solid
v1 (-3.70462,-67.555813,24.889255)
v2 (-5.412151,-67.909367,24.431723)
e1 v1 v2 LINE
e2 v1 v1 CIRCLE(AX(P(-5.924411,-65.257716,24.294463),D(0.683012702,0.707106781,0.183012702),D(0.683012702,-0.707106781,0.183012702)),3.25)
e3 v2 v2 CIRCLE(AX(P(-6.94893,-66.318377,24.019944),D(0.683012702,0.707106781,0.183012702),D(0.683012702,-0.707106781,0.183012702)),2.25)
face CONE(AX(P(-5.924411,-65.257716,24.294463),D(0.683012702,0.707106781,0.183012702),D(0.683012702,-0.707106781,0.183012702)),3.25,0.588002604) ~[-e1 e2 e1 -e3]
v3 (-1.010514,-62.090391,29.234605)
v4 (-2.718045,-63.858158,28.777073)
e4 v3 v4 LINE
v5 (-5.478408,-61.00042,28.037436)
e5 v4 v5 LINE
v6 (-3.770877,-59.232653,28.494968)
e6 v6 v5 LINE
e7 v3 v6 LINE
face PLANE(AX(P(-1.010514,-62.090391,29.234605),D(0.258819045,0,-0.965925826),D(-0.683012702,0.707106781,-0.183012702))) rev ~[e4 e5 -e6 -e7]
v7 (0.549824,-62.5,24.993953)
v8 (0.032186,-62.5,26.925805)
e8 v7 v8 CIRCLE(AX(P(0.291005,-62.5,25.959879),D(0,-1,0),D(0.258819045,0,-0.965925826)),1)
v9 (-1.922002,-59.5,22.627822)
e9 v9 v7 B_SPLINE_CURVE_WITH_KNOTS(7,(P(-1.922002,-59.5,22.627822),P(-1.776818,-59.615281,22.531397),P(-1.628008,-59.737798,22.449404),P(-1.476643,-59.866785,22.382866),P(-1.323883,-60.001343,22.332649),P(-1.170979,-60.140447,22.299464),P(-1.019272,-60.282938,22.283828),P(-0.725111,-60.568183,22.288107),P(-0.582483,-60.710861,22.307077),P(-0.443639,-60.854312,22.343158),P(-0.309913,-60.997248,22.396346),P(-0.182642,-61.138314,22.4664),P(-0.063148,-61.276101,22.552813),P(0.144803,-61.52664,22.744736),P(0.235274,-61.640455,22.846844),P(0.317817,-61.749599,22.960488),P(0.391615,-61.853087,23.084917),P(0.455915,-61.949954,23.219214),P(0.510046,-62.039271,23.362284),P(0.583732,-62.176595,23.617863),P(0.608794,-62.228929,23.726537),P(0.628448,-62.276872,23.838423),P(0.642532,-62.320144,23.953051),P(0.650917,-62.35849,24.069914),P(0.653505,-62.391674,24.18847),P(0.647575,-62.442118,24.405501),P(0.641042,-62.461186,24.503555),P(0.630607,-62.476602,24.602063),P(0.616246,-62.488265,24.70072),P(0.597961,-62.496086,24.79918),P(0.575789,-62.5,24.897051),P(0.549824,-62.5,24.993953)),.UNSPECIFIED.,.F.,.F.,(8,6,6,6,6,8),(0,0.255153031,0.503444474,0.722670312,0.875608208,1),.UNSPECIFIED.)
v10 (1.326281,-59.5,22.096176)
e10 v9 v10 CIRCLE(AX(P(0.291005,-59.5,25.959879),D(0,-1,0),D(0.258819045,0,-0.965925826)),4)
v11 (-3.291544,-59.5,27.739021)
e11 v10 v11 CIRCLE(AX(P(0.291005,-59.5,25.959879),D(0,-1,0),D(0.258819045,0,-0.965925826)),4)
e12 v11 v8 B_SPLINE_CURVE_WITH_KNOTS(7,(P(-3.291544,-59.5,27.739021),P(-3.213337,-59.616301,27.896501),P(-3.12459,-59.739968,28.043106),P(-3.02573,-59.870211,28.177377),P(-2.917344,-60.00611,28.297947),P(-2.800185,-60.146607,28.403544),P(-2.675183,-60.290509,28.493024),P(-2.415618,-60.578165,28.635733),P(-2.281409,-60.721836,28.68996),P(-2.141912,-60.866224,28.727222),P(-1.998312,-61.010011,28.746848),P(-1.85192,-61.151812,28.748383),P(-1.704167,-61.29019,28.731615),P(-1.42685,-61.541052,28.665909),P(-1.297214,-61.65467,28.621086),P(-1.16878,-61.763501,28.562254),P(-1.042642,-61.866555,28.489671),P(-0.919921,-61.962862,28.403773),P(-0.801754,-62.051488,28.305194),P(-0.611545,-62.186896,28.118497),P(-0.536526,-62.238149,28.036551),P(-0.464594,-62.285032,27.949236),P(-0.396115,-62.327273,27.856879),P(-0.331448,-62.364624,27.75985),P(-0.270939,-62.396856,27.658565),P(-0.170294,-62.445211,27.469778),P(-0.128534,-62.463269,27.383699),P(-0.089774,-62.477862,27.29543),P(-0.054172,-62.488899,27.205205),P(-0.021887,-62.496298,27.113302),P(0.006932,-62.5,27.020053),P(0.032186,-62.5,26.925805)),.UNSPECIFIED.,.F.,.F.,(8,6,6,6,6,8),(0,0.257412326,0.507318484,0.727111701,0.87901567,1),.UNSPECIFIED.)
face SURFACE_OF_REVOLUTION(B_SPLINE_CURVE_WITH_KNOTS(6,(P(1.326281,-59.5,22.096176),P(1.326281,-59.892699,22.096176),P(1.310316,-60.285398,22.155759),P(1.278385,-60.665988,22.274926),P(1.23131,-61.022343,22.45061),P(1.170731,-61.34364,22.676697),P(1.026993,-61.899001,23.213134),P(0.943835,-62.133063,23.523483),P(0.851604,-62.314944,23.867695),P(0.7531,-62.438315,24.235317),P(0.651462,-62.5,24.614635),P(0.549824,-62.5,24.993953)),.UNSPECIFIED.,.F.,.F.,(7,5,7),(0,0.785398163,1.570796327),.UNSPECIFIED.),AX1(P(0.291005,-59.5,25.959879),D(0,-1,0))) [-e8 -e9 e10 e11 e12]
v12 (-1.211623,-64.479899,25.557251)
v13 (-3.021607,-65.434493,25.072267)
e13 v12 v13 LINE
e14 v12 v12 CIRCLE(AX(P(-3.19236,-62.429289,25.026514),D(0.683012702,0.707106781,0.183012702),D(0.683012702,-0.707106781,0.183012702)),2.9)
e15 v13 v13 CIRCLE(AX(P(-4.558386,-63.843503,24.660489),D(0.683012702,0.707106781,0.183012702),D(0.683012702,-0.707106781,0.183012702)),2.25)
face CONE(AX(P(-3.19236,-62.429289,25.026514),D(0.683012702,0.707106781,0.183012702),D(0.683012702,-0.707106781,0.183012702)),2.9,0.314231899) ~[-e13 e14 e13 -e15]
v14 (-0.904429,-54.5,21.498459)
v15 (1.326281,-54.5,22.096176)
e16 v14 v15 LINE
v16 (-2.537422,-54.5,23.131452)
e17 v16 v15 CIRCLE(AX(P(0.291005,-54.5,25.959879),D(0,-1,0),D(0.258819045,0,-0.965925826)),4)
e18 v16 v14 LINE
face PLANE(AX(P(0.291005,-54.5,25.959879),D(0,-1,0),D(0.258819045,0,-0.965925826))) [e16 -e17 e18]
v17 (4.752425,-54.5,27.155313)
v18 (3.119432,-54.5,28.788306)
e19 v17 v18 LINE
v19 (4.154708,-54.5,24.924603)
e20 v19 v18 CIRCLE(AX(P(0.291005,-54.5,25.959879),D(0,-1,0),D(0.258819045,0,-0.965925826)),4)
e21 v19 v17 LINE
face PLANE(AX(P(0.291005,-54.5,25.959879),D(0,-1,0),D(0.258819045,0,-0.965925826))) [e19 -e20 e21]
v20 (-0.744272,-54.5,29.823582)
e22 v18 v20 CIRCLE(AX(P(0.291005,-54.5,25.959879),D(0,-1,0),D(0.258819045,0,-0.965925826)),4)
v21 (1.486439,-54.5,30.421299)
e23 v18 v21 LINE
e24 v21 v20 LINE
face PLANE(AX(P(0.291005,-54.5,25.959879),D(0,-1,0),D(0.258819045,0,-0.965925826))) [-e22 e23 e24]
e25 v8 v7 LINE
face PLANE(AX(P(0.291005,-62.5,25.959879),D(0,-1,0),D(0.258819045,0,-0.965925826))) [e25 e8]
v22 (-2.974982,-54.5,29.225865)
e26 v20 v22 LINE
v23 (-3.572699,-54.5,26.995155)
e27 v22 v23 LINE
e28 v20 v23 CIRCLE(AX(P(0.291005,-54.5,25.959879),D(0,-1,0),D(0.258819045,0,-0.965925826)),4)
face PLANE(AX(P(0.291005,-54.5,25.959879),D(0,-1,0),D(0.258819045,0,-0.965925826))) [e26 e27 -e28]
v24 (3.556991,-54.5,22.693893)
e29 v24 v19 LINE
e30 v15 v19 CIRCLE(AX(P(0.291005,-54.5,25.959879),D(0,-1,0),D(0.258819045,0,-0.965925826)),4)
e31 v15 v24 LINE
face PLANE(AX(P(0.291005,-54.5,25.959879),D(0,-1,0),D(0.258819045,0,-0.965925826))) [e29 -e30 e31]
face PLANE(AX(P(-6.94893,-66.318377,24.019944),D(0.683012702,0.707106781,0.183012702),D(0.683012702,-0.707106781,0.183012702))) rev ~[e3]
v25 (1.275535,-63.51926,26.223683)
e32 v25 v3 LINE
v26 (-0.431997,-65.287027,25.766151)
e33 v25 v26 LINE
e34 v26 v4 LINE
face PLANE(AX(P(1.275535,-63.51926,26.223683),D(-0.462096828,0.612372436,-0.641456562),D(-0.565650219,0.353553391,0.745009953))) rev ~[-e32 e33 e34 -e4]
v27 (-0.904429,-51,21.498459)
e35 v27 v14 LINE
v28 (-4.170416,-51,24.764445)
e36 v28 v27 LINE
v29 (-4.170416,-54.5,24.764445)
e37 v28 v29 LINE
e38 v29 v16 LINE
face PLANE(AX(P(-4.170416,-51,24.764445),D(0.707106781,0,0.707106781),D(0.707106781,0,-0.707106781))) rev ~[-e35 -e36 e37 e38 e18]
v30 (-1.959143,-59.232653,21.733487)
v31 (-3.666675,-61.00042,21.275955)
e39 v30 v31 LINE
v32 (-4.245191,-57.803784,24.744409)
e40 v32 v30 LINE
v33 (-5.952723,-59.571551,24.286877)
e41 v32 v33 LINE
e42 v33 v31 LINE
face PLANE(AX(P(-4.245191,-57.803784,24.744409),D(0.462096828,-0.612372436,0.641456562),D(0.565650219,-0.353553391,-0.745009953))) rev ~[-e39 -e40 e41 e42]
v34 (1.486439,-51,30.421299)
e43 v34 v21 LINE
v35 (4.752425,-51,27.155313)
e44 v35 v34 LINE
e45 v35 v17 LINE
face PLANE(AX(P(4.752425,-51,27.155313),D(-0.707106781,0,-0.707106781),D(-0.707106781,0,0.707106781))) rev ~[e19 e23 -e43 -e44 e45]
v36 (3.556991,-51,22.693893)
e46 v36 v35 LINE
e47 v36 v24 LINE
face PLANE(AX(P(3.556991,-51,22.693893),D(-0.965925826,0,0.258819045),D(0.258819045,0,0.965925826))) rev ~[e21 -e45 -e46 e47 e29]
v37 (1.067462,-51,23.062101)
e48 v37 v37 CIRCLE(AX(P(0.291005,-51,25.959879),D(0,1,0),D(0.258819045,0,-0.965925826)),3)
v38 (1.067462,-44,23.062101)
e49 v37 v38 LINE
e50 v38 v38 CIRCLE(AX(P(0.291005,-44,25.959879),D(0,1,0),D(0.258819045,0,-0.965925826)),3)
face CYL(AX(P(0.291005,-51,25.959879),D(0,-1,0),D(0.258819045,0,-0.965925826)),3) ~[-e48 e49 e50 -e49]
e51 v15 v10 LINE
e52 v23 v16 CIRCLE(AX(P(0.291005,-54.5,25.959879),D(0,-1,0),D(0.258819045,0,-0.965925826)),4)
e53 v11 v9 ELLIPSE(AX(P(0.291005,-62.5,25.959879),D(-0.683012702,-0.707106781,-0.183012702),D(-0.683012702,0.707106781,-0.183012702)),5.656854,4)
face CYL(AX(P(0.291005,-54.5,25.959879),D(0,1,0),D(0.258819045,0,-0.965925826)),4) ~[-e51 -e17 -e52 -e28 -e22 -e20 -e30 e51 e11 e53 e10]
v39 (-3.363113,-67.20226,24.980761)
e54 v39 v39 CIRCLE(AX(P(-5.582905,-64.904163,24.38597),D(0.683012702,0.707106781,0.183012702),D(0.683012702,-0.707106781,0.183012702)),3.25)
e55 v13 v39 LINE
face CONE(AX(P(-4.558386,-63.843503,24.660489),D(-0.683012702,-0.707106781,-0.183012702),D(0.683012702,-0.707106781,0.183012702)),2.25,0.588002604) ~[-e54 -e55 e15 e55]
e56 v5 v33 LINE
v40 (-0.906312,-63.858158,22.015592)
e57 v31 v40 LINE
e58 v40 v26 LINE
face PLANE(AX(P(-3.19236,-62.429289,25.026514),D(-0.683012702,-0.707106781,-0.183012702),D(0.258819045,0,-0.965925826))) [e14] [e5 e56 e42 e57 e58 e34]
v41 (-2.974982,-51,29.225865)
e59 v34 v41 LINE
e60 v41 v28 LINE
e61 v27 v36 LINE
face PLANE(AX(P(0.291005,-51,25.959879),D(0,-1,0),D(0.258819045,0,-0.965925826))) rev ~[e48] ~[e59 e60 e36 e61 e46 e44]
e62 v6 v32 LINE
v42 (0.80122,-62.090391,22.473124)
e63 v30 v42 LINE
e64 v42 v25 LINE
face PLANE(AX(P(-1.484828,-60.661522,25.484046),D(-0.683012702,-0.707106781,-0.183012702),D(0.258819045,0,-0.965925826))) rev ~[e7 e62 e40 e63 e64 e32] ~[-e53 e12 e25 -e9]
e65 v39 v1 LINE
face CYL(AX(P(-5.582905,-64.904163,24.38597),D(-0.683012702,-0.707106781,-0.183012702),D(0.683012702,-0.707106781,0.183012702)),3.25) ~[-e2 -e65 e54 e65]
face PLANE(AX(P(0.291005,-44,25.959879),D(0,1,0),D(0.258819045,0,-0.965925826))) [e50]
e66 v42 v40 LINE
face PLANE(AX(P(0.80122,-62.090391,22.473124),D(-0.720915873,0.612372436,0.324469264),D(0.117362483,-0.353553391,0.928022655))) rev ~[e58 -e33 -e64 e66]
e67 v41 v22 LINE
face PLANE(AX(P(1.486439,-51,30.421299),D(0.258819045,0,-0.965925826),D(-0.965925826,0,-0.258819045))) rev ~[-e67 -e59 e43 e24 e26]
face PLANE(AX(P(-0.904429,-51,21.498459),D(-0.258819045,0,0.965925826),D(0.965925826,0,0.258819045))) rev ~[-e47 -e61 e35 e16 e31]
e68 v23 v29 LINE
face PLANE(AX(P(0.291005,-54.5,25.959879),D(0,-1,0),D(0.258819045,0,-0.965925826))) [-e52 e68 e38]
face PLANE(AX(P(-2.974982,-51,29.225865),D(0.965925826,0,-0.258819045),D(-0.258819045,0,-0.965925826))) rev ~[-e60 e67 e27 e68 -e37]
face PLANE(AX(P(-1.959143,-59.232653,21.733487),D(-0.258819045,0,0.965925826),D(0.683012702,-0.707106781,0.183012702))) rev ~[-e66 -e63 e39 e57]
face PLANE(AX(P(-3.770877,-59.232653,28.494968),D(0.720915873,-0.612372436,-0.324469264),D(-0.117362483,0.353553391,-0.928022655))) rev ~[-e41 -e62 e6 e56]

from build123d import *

# Parameters (mm, degrees)
SKETCH005_R         = 3
PAD002_DEPTH        = 7
PAD003_DEPTH        = 3.5
SKETCH007_R         = 4
PAD004_DEPTH        = 8
FILLET_R            = 3
PAD005_DEPTH        = 2.5
BODY001_ROLL_ANGLE  = -180
BODY001_PITCH_ANGLE = 75


with BuildPart() as part:
    # Sketch005 → Pad002 (new body)
    with BuildSketch(Plane.XZ):
        Circle(SKETCH005_R)
    extrude(amount=PAD002_DEPTH)

    # Sketch006 (on Face2 of Pad002) → Pad003 (join)
    with BuildSketch(Plane(origin=(0, 0, 0), x_dir=(1, 0, 0), z_dir=(0, 1, 0))):
        Polygon((4, -2.3094010768), (4, 2.3094010768), (0, 4.6188021535), (-4, 2.3094010768), (-4, -2.3094010768), (0, -4.6188021535), align=None)
    extrude(amount=PAD003_DEPTH)

    # Sketch007 (on Face5 of Pad003) → Pad004 (join)
    with BuildSketch(Plane(origin=(0, 3.5, 0), x_dir=(1, 0, 0), z_dir=(0, 1, 0))):
        Circle(SKETCH007_R)
    extrude(amount=PAD004_DEPTH)

    # Fillet
    fillet_edges = [part.edges().sort_by_distance(p)[0] for p in [
        (-4, 11.5, 0),
    ]]
    fillet(fillet_edges, radius=FILLET_R)

    # Sketch008 (on Plane of DatumPlane) → Pad005 (join)
    with BuildSketch(Plane(origin=(0, 11.5, 0), x_dir=(1, 0, 0), z_dir=(0, 0.7071067812, 0.7071067812))):
        Polygon((3.5, -4.6207259421), (3.5, -0.5792740579), (0, 1.4414518843), (-3.5, -0.5792740579), (-3.5, -4.6207259421), (0, -6.6414518843), align=None)
    extrude(amount=PAD005_DEPTH)

    # Sketch009 (on Plane of DatumPlane001) → Revolution (revolve)
    with BuildSketch(Plane(origin=(0, 7.517766953, 7.517766953), x_dir=(0, -0.7071067812, -0.7071067812), z_dir=(1, 0, 0))):
        Polygon((0, 8.4317279836), (-2, 7.7817279836), (-3.5, 8.7817279836), (-4, 8.7817279836), (-5.5, 7.7817279836), (-5.5, 5.5317279836), (0, 5.5317279836), align=None)
    revolve(axis=Axis((0, 11.4292893219, 3.6062445841), (0, -0.7071067812, -0.7071067812)))


with BuildPart() as part_1:
    # Body001 roll: moved
    add(part.part.rotate(Axis((0, 0, 0), (1, 0, 0)), BODY001_ROLL_ANGLE))


with BuildPart() as part_2:
    # Body001 pitch: moved
    add(part_1.part.rotate(Axis((0, 0, 0), (0, 1, 0)), BODY001_PITCH_ANGLE))


with BuildPart() as part_3:
    # Body001 placement: moved
    add(part_2.part.moved(Location((0.2910046565, -51, 25.9598789729))))


solid = part_3.part
